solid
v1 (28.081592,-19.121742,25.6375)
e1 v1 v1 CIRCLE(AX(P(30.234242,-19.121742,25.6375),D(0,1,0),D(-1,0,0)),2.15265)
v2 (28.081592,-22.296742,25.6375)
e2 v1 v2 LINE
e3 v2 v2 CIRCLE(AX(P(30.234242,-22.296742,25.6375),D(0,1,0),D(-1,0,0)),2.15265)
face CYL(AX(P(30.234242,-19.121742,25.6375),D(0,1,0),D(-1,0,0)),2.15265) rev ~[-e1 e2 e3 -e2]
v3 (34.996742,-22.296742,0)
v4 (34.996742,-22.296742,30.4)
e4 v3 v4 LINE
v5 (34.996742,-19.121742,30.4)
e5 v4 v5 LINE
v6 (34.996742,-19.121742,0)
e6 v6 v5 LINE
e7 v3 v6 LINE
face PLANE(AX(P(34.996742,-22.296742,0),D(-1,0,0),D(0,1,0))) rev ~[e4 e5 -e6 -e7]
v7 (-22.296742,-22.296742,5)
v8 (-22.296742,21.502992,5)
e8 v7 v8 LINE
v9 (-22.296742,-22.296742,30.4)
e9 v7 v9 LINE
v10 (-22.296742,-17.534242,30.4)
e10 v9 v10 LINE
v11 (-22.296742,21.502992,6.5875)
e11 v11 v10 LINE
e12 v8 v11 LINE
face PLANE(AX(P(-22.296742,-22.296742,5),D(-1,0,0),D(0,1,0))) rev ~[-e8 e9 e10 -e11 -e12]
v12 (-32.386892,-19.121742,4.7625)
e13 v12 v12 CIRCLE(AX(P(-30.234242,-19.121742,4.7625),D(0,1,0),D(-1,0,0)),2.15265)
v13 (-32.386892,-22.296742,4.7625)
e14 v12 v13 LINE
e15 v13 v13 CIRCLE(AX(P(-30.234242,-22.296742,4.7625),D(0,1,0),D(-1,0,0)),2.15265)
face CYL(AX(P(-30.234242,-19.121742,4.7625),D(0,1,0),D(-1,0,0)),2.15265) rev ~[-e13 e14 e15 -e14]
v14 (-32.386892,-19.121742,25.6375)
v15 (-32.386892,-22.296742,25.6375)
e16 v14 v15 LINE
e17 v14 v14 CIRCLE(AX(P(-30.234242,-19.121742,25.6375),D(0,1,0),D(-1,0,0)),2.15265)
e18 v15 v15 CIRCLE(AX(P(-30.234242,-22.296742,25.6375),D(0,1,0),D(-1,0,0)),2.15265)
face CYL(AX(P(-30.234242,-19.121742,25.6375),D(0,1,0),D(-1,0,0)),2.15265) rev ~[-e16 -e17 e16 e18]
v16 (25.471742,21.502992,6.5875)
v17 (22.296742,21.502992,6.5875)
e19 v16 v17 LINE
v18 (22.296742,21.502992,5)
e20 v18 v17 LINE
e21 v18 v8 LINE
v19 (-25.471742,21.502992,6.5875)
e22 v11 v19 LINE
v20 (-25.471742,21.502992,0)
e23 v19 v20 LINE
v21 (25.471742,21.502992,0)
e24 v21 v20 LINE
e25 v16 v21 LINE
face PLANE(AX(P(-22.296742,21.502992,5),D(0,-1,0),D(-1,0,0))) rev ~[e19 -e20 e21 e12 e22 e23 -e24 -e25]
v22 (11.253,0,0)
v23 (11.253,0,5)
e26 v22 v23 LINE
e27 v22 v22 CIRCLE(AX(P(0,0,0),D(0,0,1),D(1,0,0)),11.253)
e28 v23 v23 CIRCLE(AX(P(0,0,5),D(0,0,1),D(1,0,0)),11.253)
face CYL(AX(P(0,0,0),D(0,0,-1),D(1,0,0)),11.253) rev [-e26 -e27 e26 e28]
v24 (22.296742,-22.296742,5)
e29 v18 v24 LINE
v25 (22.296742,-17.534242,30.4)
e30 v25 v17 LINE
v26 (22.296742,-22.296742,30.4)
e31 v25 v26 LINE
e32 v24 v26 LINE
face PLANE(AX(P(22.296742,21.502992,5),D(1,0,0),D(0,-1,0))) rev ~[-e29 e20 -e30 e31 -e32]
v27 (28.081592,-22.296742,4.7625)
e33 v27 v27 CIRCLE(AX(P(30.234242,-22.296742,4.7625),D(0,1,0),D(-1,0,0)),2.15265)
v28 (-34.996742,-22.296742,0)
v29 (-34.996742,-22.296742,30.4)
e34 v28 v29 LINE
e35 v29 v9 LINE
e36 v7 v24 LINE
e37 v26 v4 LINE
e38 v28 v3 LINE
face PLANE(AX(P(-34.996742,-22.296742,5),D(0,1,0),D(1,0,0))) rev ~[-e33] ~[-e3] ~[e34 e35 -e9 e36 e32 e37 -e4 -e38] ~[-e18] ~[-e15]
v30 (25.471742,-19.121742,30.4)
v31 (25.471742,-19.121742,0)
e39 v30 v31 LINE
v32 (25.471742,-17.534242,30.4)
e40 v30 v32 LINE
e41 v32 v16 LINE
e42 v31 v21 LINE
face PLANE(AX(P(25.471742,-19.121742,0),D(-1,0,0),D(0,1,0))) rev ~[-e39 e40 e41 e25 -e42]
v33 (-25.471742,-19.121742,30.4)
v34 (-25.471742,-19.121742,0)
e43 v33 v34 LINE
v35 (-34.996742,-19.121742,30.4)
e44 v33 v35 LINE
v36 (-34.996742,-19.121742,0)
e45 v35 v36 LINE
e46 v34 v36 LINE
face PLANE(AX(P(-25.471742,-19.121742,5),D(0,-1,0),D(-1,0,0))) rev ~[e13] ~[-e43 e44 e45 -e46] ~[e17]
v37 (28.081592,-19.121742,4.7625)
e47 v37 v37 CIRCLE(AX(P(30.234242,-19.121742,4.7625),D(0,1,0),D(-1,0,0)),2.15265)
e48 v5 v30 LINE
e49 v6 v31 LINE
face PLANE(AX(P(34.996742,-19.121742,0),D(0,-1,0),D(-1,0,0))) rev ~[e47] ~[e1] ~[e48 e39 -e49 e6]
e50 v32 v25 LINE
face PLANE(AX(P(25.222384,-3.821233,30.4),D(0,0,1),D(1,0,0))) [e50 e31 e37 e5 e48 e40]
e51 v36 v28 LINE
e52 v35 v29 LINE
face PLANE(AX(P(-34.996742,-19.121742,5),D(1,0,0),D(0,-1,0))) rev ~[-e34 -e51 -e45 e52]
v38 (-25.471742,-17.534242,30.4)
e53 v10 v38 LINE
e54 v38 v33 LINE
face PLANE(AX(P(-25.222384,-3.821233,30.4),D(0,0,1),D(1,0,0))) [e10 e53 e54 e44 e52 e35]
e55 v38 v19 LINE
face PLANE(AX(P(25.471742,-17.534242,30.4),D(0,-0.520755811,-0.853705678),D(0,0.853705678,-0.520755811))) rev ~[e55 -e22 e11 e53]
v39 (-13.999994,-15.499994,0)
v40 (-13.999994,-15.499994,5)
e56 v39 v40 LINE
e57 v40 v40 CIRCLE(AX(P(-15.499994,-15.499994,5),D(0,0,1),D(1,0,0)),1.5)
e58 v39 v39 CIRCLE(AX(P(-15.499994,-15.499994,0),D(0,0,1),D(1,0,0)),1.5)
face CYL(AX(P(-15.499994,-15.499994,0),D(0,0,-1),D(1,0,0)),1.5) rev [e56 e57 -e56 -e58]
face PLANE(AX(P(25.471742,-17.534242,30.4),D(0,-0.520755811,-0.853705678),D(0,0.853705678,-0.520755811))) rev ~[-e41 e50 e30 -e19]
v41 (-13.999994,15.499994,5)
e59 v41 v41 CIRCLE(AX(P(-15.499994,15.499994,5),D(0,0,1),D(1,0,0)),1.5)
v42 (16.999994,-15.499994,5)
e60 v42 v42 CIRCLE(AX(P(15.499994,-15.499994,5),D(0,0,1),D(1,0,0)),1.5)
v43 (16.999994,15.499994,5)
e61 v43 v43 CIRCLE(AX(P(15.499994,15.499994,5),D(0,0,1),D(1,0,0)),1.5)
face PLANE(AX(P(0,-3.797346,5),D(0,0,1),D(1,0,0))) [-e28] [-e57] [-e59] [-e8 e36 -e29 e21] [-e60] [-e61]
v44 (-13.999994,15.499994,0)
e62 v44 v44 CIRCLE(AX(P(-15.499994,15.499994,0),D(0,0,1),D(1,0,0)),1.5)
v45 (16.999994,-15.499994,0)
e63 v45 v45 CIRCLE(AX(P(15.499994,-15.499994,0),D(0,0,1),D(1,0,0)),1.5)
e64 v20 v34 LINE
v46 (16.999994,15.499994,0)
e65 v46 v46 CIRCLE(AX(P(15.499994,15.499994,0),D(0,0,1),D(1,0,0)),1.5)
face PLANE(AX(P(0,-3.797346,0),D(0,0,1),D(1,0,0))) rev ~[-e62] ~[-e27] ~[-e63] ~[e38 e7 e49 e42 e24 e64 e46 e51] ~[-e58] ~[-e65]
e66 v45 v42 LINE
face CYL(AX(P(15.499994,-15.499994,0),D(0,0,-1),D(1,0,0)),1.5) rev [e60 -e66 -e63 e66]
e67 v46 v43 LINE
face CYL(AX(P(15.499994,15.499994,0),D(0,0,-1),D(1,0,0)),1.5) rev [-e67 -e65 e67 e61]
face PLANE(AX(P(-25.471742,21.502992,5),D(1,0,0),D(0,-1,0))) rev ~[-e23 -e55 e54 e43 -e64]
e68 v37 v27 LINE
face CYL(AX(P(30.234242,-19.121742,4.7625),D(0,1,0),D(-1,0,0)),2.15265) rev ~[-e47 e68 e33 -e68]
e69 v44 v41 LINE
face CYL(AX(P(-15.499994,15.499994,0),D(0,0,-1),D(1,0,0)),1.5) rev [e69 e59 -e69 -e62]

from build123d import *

# Parameters (mm, degrees)
F0_R     = 1.5
F0_R_2   = 11.253
F1_DEPTH = 5
F3_DEPTH = 25.4
F4_R     = 2.15265
F5_DEPTH = 3.175
F7_DEPTH = 50.943485


with BuildPart() as f1:
    # F0 (on Top) → F1 (new body)
    with BuildSketch(Plane.XY):
        Polygon((25.471742, 21.502992), (-25.471742, 21.502992), (-25.471742, -19.121742), (-34.996742, -19.121742), (-34.996742, -22.296742), (34.996742, -22.296742), (34.996742, -19.121742), (25.471742, -19.121742), align=None)
        with Locations((-15.499994, -15.499994)):
            Circle(F0_R, mode=Mode.SUBTRACT)
        with Locations((15.499994, -15.499994)):
            Circle(F0_R, mode=Mode.SUBTRACT)
        Circle(F0_R_2, mode=Mode.SUBTRACT)
        with Locations((-15.499994, 15.499994)):
            Circle(F0_R, mode=Mode.SUBTRACT)
        with Locations((15.499994, 15.499994)):
            Circle(F0_R, mode=Mode.SUBTRACT)
    extrude(amount=F1_DEPTH)

    # F2 (on face) → F3 (join)
    with BuildSketch(Plane.XY.offset(5)):
        Polygon((-34.996742, -19.121742), (-34.996742, -22.296742), (-22.296742, -22.296742), (-22.296742, 21.502992), (-25.471742, 21.502992), (-25.471742, -19.121742), align=None)
        Polygon((25.471742, -19.121742), (25.471742, 21.502992), (22.296742, 21.502992), (22.296742, -22.296742), (34.996742, -22.296742), (34.996742, -19.121742), align=None)
    extrude(amount=F3_DEPTH)

    # F4 (on face) → F5 (cut, through all)
    with BuildSketch(Plane(origin=(0, -19.121742, 0), x_dir=(-1, 0, 0), z_dir=(0, 1, 0))):
        with Locations((30.234242, 4.7625)):
            Circle(F4_R)
        with Locations((30.234242, 25.6375)):
            Circle(F4_R)
        with Locations((-30.234242, 25.6375)):
            Circle(F4_R)
        with Locations((-30.234242, 4.7625)):
            Circle(F4_R)
    extrude(amount=-F5_DEPTH, mode=Mode.SUBTRACT)

    # F6 (on face) → F7 (cut, through all)
    with BuildSketch(Plane.YZ.offset(25.471742)):
        Polygon((21.502992, 6.5875), (21.502992, 30.4), (-17.534242, 30.4), align=None)
    extrude(amount=-F7_DEPTH, mode=Mode.SUBTRACT)


solid = f1.part
